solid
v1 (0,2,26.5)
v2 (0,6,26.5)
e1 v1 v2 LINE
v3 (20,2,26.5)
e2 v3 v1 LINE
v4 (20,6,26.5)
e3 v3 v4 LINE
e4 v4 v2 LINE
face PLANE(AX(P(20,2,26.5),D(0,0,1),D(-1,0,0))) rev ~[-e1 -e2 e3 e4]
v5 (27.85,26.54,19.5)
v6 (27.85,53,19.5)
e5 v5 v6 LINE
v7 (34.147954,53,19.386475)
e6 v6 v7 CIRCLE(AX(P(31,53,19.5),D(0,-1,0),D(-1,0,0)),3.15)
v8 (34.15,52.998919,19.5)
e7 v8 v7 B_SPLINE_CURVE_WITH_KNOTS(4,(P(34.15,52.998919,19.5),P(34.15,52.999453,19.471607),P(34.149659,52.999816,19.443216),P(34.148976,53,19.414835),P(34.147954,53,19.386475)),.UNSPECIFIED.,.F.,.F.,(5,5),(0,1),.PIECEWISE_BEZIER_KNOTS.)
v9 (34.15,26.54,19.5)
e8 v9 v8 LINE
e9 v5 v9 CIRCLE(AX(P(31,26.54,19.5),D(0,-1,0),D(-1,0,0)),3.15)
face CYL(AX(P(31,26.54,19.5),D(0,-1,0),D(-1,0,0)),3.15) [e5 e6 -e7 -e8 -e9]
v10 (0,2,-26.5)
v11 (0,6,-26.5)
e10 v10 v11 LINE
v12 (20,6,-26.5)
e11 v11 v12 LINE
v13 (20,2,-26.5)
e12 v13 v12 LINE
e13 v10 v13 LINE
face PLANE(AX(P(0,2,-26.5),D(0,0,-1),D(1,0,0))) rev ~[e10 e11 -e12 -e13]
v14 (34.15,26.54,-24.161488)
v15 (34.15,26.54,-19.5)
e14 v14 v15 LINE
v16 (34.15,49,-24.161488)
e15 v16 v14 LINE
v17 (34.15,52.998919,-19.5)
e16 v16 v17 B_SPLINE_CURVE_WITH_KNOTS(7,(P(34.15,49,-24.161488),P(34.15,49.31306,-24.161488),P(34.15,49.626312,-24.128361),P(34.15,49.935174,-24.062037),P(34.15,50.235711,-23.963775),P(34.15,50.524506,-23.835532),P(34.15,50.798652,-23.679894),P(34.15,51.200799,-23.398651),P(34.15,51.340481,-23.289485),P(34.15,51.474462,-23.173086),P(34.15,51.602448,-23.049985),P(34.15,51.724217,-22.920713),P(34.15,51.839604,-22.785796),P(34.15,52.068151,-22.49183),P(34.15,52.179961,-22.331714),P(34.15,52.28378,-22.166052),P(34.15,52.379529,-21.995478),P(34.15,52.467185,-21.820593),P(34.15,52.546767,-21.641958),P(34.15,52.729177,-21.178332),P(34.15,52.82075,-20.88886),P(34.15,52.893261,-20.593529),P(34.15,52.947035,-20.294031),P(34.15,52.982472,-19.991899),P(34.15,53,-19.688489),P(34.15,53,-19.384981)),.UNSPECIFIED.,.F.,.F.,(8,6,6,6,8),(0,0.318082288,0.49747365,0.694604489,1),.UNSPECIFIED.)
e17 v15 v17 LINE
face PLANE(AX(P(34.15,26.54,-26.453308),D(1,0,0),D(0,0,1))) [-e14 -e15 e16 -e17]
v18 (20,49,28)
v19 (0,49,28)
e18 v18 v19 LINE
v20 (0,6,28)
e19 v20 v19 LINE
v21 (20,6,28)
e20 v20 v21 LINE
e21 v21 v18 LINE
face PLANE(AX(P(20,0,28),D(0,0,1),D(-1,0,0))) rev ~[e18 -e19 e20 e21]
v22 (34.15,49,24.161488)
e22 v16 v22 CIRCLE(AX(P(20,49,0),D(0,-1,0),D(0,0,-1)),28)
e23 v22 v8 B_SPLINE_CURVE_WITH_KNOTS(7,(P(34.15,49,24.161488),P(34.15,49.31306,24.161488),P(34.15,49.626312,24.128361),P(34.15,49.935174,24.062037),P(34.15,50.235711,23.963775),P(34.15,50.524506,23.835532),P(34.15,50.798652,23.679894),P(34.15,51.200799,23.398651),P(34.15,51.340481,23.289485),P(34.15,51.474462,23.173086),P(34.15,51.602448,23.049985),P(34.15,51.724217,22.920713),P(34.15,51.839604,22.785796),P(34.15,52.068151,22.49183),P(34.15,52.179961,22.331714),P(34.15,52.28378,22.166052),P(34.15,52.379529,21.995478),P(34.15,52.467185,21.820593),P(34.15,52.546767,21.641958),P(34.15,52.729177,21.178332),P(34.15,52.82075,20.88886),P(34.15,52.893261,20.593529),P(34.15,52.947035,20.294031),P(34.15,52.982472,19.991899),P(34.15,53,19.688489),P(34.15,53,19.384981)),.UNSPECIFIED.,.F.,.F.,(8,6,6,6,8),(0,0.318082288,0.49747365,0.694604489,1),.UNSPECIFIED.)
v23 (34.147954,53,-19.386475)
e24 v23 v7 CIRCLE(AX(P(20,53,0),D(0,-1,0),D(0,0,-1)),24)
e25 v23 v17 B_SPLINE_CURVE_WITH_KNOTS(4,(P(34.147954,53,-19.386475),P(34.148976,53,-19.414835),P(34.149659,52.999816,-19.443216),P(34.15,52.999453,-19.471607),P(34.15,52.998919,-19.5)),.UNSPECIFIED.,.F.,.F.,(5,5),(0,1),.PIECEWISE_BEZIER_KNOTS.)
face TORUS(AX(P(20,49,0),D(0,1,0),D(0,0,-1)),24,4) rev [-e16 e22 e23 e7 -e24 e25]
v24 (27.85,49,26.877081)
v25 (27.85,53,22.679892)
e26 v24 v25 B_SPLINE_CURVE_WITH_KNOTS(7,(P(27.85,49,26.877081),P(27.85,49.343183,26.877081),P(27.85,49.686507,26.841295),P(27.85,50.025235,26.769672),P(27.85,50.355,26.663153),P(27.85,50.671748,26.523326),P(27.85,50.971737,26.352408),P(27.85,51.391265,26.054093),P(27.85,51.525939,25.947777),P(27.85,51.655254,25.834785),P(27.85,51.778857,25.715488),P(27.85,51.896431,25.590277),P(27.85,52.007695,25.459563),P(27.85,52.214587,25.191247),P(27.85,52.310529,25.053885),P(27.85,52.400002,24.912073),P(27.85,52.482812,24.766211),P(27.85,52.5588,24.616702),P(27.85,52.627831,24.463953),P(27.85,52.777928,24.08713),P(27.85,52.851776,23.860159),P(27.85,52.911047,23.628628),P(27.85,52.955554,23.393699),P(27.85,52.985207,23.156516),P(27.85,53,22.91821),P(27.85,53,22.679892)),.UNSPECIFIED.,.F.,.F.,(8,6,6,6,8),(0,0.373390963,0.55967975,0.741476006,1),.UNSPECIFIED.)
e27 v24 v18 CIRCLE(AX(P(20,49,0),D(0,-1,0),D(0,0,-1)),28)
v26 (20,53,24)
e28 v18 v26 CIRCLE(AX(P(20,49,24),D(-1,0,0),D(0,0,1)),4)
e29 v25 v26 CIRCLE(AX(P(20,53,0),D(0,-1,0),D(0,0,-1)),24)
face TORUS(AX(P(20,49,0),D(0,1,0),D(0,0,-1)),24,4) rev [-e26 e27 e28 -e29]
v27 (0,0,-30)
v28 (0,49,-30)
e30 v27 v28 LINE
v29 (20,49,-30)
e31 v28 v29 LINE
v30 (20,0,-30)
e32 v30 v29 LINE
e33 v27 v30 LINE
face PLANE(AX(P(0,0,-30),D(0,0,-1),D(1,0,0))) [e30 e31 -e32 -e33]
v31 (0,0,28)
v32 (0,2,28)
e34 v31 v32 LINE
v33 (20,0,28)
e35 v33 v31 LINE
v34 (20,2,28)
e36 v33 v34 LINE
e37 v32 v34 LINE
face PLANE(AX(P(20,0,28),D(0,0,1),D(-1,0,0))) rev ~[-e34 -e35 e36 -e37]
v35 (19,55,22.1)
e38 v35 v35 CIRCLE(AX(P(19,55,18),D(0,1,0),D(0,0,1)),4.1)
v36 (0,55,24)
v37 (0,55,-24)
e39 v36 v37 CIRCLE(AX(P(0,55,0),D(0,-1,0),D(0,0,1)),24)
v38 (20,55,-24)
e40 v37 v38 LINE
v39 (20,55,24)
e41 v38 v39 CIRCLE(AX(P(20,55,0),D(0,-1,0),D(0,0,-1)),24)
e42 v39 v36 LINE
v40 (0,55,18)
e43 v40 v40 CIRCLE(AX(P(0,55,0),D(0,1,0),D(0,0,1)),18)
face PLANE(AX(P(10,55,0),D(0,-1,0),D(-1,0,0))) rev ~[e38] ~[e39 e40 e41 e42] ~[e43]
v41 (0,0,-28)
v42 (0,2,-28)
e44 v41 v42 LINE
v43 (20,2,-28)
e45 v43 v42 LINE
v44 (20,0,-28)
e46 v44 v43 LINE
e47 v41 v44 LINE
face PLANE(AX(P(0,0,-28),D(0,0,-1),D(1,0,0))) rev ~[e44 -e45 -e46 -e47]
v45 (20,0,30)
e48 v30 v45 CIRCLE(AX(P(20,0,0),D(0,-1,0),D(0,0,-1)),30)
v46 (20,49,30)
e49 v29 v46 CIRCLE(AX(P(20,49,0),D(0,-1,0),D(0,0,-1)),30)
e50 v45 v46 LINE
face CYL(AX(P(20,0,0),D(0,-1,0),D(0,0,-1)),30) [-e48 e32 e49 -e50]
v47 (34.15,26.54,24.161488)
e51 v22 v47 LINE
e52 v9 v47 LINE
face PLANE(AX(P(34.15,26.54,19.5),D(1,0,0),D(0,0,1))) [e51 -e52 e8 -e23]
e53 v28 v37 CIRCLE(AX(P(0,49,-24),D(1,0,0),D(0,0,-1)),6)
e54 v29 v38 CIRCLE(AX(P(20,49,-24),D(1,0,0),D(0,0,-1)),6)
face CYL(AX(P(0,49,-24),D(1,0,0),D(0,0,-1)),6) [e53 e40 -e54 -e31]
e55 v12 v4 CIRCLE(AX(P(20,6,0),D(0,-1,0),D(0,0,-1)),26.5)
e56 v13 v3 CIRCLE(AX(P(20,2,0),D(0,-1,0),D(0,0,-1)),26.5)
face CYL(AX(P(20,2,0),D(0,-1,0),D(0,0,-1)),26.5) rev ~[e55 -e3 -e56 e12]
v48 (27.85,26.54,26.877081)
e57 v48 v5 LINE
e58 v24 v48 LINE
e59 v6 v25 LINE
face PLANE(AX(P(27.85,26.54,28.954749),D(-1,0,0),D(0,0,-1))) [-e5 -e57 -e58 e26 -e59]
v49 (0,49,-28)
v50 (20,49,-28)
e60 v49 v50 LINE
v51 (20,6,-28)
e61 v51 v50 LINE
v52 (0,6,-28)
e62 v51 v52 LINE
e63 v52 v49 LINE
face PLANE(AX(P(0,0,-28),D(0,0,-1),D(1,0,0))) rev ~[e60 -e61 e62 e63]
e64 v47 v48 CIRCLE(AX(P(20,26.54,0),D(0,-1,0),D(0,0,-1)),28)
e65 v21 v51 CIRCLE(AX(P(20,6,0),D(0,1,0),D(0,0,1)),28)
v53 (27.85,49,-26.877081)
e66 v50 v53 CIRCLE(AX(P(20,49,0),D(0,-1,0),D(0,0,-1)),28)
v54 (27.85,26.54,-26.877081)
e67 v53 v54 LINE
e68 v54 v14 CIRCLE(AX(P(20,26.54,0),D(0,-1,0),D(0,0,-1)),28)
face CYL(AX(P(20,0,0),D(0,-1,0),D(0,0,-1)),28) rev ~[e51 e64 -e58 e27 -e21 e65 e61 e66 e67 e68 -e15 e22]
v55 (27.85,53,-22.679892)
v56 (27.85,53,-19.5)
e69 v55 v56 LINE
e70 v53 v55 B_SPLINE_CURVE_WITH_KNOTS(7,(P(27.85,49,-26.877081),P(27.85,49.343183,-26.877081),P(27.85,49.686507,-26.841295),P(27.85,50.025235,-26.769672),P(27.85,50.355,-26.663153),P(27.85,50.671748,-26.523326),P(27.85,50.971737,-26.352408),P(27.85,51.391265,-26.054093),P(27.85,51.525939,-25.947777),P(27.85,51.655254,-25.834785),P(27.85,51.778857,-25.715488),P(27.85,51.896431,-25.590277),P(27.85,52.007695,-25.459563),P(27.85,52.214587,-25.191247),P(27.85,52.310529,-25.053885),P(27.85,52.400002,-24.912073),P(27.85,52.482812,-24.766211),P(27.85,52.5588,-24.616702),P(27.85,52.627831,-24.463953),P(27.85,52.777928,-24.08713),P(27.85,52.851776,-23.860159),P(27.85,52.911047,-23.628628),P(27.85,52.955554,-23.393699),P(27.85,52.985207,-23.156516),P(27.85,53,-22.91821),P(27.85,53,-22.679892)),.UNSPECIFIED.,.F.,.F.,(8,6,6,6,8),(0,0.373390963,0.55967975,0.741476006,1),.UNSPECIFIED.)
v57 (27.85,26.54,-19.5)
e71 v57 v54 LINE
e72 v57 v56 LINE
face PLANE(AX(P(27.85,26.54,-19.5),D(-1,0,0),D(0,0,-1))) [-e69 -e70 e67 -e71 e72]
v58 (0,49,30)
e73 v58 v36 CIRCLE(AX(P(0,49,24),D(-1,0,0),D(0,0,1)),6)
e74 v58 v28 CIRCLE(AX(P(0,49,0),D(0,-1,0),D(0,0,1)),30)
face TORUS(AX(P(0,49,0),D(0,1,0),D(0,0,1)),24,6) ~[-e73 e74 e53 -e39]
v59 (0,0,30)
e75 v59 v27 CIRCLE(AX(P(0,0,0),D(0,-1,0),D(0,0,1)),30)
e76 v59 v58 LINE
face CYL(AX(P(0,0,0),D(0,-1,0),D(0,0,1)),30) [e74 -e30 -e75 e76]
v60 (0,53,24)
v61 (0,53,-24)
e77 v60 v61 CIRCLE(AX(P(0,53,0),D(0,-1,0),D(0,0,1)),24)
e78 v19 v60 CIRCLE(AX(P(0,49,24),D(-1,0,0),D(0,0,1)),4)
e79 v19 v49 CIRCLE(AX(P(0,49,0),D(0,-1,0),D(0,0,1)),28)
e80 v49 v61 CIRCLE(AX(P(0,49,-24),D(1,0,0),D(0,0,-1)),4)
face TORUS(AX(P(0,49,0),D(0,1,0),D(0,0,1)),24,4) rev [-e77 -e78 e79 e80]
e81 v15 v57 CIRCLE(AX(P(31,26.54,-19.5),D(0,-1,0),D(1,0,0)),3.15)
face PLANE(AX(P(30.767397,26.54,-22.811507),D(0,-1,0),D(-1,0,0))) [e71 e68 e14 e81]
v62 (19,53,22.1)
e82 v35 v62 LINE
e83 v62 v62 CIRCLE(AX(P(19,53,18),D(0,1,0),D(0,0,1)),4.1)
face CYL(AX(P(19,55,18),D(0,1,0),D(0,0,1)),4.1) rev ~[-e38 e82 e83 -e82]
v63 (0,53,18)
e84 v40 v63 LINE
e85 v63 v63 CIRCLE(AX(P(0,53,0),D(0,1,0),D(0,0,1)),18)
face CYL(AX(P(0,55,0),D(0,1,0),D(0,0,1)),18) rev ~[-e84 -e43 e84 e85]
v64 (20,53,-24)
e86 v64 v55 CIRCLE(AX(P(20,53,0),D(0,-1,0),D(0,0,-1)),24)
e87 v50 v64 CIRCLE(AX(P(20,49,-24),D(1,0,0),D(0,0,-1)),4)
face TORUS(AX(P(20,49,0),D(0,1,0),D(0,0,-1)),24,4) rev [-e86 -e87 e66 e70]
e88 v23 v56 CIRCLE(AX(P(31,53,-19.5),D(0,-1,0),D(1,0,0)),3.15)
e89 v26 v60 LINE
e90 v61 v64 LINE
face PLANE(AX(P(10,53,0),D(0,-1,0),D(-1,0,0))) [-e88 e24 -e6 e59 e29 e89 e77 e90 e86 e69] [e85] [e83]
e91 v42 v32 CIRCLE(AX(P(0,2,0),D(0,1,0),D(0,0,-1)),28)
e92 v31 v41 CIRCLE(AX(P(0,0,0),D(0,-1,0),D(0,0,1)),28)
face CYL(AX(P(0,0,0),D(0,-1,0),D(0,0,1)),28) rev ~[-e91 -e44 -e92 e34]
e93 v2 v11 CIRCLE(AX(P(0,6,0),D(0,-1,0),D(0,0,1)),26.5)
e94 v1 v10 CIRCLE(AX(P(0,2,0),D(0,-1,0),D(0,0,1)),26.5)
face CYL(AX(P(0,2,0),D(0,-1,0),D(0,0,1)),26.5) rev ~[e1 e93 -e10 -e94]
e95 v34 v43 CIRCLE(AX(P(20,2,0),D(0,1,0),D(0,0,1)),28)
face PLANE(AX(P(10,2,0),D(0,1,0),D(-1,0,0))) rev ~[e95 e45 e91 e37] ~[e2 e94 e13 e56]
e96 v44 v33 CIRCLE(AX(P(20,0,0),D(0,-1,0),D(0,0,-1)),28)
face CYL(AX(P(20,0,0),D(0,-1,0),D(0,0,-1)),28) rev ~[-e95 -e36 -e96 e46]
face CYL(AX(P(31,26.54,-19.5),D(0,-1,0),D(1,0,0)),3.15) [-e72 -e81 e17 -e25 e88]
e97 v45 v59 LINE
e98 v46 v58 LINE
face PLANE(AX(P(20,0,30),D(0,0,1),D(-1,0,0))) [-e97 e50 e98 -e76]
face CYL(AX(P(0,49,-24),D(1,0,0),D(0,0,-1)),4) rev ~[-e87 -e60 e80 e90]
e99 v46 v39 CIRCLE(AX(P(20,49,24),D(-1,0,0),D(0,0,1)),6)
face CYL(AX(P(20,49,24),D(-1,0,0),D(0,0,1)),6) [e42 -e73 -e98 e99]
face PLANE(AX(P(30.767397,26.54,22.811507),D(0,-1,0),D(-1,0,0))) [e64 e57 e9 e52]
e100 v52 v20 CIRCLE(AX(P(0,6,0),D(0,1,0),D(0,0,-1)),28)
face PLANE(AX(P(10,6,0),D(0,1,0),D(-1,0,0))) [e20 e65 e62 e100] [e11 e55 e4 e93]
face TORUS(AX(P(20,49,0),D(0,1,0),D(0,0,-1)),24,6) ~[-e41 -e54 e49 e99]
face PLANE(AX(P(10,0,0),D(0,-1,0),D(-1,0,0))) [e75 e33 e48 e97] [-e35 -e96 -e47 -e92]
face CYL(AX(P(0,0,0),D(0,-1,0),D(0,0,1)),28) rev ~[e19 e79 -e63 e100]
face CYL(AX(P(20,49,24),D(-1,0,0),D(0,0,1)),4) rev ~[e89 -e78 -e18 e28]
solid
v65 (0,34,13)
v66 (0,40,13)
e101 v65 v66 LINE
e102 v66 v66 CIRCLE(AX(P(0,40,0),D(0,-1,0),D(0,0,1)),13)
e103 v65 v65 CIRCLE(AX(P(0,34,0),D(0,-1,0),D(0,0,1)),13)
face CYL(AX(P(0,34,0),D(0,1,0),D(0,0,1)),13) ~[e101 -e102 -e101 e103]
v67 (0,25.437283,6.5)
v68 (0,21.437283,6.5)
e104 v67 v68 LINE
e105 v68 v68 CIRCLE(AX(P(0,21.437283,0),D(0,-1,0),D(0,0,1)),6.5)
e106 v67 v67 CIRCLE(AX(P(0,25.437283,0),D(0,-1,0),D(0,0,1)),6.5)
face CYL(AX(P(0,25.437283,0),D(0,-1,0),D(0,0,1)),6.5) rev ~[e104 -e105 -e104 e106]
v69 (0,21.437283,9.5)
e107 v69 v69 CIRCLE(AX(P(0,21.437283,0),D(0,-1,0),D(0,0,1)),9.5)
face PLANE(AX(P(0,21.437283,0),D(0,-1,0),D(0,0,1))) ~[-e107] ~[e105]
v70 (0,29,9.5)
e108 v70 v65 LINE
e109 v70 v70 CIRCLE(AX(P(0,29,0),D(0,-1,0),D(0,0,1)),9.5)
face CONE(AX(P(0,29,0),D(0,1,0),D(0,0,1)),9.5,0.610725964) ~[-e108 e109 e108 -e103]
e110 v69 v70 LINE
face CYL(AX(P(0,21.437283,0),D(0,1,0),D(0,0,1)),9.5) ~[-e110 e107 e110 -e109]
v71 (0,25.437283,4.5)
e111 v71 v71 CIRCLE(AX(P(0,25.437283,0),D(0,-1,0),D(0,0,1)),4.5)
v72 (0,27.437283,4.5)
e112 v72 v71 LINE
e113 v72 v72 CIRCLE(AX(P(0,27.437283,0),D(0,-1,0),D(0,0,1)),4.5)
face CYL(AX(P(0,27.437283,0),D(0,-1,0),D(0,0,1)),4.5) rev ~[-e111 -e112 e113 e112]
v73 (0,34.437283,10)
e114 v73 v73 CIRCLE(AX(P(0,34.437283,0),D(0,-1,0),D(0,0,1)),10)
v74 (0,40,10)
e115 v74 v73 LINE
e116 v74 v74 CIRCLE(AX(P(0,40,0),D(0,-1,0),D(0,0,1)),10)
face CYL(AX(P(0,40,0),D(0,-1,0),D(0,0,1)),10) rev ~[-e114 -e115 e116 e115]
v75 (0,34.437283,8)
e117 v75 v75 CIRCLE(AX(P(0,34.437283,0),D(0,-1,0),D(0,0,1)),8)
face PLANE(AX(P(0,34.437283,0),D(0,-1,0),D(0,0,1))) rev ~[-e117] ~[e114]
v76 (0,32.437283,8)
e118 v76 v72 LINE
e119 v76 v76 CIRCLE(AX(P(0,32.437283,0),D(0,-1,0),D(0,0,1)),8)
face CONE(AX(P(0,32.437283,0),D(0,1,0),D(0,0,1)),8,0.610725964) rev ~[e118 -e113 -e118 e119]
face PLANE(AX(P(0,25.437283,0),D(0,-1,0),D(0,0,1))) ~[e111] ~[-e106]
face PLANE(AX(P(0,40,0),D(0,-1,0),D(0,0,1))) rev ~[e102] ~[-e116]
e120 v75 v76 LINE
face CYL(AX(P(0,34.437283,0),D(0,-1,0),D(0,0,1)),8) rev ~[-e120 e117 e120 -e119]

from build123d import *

# Parameters (mm, degrees)
EXTRUDE_1_DEPTH     = 55
FILLET_1_R          = 6
SHELL_3_T           = -2
SKETCH_3_R          = 18
CUT_EXTRUDE_1_DEPTH = 81.156097747
EXTRUDE_2_REACH     = 66.884
SKETCH_7_R          = 4.1
CUT_EXTRUDE_2_DEPTH = 81.156097747
EXTRUDE_START       = -2
EXTRUDE_3_DEPTH     = 4


with BuildPart() as part:
    # 草图2 → 凸台-拉伸1 (new body)
    with BuildSketch(Plane(origin=(0, 0, 0), x_dir=(1, 0, 0), z_dir=(0, 1, 0))):
        with BuildLine():
            Line((0, 30), (20, 30))
            ThreePointArc((20, 30), (50, 0), (20, -30))
            Line((20, -30), (0, -30))
            ThreePointArc((0, -30), (-30, 0), (0, 30))
        make_face()
    extrude(amount=EXTRUDE_1_DEPTH)

    # 圆角1
    fillet_1_edges = [part.edges().sort_by_distance(p)[0] for p in [
        (50, 55, 0),
        (10, 55, -30),
        (-30, 55, 0),
        (10, 55, 30),
    ]]
    fillet(fillet_1_edges, radius=FILLET_1_R)

    # 抽壳3
    shell_3_openings = [part.faces().sort_by_distance(p)[0] for p in [
        (10, 0, 0),
    ]]
    offset(amount=SHELL_3_T, openings=shell_3_openings, kind=Kind.INTERSECTION)

    # 草图3 → 切除-拉伸1 (cut, through all)
    with BuildSketch(Plane(origin=(0, 55, 0), x_dir=(1, 0, 0), z_dir=(0, 1, 0))):
        with Locations(Location((0, 0, 0), (0, 0, 270))):
            Circle(SKETCH_3_R)
    extrude(amount=-CUT_EXTRUDE_1_DEPTH, mode=Mode.SUBTRACT)

    # 草图6 → 凸台-拉伸2 (add, up to next)
    with BuildSketch(Plane(origin=(0, 26.54, 0), x_dir=(-1, 0, 0), z_dir=(0, -1, 0)), mode=Mode.PRIVATE) as extrude_2_sk1:
        with BuildLine():
            ThreePointArc((-27.85, 28.954749179), (-31.070876302, 27.882533922), (-34.15, 26.453307922))
            Line((-34.15, 26.453307922), (-34.15, 19.5))
            ThreePointArc((-34.15, 19.5), (-31, 16.35), (-27.85, 19.5))
            Line((-27.85, 19.5), (-27.85, 28.954749179))
        make_face()
    extrude_2_tool1 = extrude(extrude_2_sk1.sketch, amount=-EXTRUDE_2_REACH, mode=Mode.PRIVATE) - part.part
    # 草图6 → 凸台-拉伸2 (add, up to next)
    with BuildSketch(Plane(origin=(0, 26.54, 0), x_dir=(-1, 0, 0), z_dir=(0, -1, 0)), mode=Mode.PRIVATE) as extrude_2_sk2:
        with BuildLine():
            Line((-27.85, -28.954749179), (-27.85, -19.5))
            ThreePointArc((-27.85, -19.5), (-31, -16.35), (-34.15, -19.5))
            Line((-34.15, -19.5), (-34.15, -26.453307922))
            ThreePointArc((-34.15, -26.453307922), (-31.070876302, -27.882533922), (-27.85, -28.954749179))
        make_face()
    extrude_2_tool2 = extrude(extrude_2_sk2.sketch, amount=-EXTRUDE_2_REACH, mode=Mode.PRIVATE) - part.part
    add(extrude_2_tool1.solids().sort_by_distance((30.878942, 26.54, -22.435225))[0])
    add(extrude_2_tool2.solids().sort_by_distance((30.878942, 26.54, 22.435225))[0])

    # 草图7 → 切除-拉伸2 (cut, through all)
    with BuildSketch(Plane(origin=(0, 55, 0), x_dir=(1, 0, 0), z_dir=(0, 1, 0))):
        with Locations(Location((19, -18, 0), (0, 0, 270))):
            Circle(SKETCH_7_R)
    extrude(amount=-CUT_EXTRUDE_2_DEPTH, mode=Mode.SUBTRACT)

    # 草图8 → 凸台-拉伸3 (add)
    with BuildSketch(Plane.XZ.offset(EXTRUDE_START)):
        with BuildLine():
            Line((20, -28), (0, -28))
            ThreePointArc((0, -28), (-28, 0), (0, 28))
            Line((0, 28), (20, 28))
            ThreePointArc((20, 28), (48, 0), (20, -28))
        make_face()
        with BuildLine():
            ThreePointArc((20, -26.5), (46.5, 0), (20, 26.5))
            Line((20, 26.5), (0, 26.5))
            ThreePointArc((0, 26.5), (-26.5, 0), (0, -26.5))
            Line((0, -26.5), (20, -26.5))
        make_face(mode=Mode.SUBTRACT)
    extrude(amount=-EXTRUDE_3_DEPTH)


with BuildPart() as body_2:
    # 草图5 → 旋转1 (revolve)
    with BuildSketch(Plane.XY, mode=Mode.PRIVATE) as revolve_1_sk:
        Polygon((-10, 40), (-10, 34.437282567), (-8, 34.437282567), (-8, 32.437282567), (-4.5, 27.437282567), (-4.5, 25.437282567), (-6.5, 25.437282567), (-6.5, 21.437282567), (-9.5, 21.437282567), (-9.5, 29), (-13, 34), (-13, 40), align=None)
    revolve(revolve_1_sk.sketch.rotate(Axis((0, 40, 0), (0, -1, 0)), 270), axis=Axis((0, 40, 0), (0, -1, 0)))


solid = Compound([part.part, body_2.part])
